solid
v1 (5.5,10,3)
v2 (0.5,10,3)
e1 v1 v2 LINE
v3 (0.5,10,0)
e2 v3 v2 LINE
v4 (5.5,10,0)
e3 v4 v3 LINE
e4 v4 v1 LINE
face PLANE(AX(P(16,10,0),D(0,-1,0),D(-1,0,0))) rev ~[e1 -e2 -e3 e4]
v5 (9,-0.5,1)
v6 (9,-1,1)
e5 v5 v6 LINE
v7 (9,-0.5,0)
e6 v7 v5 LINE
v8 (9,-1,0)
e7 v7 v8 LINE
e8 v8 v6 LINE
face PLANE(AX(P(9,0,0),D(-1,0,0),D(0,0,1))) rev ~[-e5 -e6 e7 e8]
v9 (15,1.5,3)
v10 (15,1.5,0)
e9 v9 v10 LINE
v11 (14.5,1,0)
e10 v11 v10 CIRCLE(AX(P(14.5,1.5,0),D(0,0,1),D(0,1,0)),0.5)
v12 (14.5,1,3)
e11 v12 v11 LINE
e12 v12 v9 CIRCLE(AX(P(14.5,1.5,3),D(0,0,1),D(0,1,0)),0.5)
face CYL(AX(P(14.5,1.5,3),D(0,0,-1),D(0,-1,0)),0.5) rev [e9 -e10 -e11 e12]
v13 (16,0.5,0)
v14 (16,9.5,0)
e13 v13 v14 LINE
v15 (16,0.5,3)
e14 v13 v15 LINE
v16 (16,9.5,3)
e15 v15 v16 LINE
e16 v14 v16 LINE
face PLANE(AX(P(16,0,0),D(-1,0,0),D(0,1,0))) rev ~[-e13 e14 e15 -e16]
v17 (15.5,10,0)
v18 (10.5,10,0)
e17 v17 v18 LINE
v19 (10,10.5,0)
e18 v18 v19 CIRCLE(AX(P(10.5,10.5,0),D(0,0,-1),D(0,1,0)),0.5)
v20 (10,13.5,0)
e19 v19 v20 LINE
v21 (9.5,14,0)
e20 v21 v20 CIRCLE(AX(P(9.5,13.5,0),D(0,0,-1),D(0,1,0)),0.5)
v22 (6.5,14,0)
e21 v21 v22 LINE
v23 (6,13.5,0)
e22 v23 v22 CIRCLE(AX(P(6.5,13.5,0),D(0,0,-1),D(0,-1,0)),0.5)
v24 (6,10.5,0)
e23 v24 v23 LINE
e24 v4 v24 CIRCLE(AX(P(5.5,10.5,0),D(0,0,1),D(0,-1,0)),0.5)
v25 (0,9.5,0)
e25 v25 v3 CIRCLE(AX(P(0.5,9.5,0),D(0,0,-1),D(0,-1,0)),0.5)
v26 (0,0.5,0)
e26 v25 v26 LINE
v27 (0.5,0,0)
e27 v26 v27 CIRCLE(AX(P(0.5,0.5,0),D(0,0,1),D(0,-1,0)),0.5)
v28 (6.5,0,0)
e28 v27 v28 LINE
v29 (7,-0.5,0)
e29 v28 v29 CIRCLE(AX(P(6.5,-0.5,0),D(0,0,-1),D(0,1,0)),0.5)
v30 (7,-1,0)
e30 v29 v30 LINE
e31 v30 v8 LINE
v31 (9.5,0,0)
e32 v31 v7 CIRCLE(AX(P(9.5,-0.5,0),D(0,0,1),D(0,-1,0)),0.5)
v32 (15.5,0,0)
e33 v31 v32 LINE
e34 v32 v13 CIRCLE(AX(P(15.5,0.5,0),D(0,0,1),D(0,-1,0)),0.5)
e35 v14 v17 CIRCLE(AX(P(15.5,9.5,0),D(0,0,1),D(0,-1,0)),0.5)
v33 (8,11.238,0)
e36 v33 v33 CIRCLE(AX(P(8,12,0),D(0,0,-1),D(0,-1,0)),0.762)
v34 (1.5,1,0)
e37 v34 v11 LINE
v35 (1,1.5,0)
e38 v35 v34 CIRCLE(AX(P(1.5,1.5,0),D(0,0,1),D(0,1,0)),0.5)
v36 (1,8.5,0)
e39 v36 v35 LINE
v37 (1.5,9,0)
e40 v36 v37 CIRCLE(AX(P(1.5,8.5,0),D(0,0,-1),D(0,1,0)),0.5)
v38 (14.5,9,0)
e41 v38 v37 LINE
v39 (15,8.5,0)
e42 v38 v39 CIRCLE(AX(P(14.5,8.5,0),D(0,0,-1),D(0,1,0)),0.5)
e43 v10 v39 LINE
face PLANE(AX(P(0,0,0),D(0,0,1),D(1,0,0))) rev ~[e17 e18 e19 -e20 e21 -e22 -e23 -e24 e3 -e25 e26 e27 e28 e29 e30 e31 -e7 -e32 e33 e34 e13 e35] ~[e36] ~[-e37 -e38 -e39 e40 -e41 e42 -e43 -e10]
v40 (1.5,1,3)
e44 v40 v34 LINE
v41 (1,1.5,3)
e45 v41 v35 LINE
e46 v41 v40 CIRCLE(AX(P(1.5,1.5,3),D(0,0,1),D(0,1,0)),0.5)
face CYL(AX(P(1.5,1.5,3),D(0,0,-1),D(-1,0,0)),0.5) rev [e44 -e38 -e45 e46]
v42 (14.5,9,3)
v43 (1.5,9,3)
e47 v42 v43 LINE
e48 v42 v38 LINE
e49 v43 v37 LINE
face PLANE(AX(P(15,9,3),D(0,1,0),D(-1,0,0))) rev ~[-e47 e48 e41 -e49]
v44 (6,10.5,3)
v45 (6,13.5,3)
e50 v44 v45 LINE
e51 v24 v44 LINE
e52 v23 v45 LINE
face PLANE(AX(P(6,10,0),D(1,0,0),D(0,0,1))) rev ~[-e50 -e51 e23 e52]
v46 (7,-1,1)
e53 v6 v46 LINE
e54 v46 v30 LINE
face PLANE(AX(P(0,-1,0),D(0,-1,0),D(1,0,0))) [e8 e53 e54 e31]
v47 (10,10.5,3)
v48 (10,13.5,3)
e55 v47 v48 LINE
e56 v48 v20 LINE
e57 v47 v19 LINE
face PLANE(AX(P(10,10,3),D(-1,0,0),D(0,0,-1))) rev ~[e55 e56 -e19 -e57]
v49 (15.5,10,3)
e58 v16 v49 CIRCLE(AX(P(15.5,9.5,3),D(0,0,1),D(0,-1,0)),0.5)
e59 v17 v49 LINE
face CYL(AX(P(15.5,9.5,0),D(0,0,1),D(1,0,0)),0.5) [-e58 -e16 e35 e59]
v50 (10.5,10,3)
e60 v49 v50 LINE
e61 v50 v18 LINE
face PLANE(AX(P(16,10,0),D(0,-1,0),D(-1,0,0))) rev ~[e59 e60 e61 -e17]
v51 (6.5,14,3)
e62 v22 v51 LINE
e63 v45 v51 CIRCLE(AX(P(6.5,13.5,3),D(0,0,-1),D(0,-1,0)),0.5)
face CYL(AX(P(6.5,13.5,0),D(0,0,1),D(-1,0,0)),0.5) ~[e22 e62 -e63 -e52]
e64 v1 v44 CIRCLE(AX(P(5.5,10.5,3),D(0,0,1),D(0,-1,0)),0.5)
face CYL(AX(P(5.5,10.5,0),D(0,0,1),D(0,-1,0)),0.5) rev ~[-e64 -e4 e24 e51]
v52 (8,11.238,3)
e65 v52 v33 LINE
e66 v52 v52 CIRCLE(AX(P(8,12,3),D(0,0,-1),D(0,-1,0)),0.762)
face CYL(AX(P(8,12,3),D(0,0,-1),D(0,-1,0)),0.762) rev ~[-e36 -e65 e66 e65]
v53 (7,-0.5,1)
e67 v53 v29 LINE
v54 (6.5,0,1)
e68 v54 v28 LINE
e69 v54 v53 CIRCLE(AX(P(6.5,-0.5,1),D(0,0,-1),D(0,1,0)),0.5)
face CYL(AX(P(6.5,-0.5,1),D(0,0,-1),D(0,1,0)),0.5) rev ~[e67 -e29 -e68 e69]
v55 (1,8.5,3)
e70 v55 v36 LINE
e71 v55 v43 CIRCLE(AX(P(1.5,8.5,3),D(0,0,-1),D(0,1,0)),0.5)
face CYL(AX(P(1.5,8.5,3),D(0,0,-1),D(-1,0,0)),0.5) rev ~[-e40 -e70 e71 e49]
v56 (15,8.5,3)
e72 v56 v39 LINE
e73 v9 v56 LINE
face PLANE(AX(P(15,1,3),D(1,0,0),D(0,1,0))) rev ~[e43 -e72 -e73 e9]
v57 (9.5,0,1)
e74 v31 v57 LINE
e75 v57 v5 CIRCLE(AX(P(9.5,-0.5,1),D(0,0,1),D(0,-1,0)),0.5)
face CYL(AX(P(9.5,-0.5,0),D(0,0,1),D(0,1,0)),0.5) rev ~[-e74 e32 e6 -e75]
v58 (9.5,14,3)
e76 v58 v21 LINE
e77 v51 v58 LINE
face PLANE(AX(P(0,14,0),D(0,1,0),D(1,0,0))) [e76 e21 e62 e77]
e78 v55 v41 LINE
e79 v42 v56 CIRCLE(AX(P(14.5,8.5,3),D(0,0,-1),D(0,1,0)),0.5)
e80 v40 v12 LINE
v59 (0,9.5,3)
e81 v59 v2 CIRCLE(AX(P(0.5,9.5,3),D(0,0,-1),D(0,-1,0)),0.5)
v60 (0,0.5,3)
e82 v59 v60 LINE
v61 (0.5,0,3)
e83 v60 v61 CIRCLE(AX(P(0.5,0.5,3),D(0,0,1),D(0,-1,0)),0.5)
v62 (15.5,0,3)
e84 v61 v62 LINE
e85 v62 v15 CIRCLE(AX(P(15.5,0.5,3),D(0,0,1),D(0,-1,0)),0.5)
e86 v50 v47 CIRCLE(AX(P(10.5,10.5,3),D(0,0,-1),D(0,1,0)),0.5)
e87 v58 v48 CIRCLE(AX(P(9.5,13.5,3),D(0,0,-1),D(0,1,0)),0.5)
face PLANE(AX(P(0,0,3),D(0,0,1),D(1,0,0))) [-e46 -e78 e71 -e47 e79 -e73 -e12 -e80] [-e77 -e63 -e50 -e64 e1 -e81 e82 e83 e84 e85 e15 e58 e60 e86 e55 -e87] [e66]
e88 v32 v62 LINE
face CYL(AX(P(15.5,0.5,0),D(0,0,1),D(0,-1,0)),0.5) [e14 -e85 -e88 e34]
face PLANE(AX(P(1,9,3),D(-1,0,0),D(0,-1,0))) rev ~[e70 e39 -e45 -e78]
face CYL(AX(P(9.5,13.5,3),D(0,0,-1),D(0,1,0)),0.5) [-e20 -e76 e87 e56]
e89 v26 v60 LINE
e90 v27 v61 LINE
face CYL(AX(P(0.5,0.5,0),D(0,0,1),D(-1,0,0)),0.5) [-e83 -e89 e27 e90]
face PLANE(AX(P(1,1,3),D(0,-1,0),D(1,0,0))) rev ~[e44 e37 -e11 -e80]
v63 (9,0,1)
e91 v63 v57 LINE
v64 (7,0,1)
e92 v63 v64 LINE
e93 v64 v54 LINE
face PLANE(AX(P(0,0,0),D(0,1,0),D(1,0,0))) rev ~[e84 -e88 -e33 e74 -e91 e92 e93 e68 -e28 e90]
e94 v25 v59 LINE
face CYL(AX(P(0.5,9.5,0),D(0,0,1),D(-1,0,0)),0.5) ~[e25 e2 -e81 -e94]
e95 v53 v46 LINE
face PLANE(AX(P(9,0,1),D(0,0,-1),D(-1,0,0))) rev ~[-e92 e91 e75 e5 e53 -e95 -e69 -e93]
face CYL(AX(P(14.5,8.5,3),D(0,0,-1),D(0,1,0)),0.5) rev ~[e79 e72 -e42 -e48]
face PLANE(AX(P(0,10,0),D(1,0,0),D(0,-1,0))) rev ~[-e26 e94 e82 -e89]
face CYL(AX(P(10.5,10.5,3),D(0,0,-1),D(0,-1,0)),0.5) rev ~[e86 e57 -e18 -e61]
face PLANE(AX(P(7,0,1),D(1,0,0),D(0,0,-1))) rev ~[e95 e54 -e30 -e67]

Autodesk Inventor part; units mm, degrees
ref_plane "YZ Plane" through (0, 0, 0) normal (1, 0, 0) x (0, 1, 0)
ref_plane "XZ Plane" through (0, 0, 0) normal (0, 1, 0) x (-1, 0, 0)
ref_plane "XY Plane" through (0, 0, 0) normal (0, 0, 1) x (1, 0, 0)
sketch "Sketch1" plane through (0, 0, 0) normal (0, 0, 1) x (1, 0, 0)
  line L0 (0, 0) -> (16, 0)
  line L1 (16, 0) -> (16, 10)
  line L2 (16, 10) -> (0, 10)
  line L3 (0, 10) -> (0, 0)
  dimension "d0" = 16
  dimension "d1" = 10
extrude "Extrusion1" add sketch "Sketch1" along normal blind 3
sketch "Sketch2" plane through (0, 0, 3) normal (0, 0, 1) x (1, 0, 0)
  line L0 (1, 1) -> (15, 1)
  line L1 (15, 1) -> (15, 9)
  line L2 (15, 9) -> (1, 9)
  line L3 (1, 9) -> (1, 1)
  dimension "d4" = 14
  dimension "d5" = 8
extrude "Extrusion2" cut sketch "Sketch2" against normal through all
sketch "Sketch3" plane through (0, 10, 0) normal (0, 1, 0) x (1, 0, 0)
  line L0 (0, -3) -> (16, -3) projected
  line L1 (16, 0) -> (0, 0) projected
  line L2 (0, 0) -> (0, -3) projected
  line L3 (6, -3) -> (10, -3)
  line L4 (10, -3) -> (10, 0)
  line L5 (10, 0) -> (6, 0)
  line L6 (6, 0) -> (6, -3)
  dimension "d13" = 4
  dimension "d14" = 6
extrude "Extrusion3" add sketch "Sketch3" along normal blind 4 contours L6 L1 L4 L0
sketch "Sketch6" plane through (0, 0, 3) normal (0, 0, 1) x (1, 0, 0)
  point P0 (8, 12)
hole "Hole1" at (8, 12, 3) direction (0, 0, -1) diameter 1.524 end through all
thread "Thread1" size "0-80 UNF" class "2B" standard "ANSI Unified Screw Threads" full length
sketch "Sketch7" plane through (0, 0, 0) normal (0, -1, 0) x (1, 0, 0)
  line L0 (0, 0) -> (0, 3) projected
  line L1 (0, 0) -> (16, 0) projected
  line L2 (7, 0) -> (9, 0)
  line L3 (9, 0) -> (9, 1)
  line L4 (9, 1) -> (7, 1)
  line L5 (7, 1) -> (7, 0)
  dimension "d29" = 2
  dimension "d30" = 1
  dimension "d31" = 7
extrude "Extrusion5" add sketch "Sketch7" along normal blind 1
fillet "Fillet2" radius 0.5 14 edges at (1, 9, 1.5) (15, 9, 1.5) (15, 1, 1.5) (1, 1, 1.5) (10, 10, 1.5) (6, 10, 1.5) (6, 14, 1.5) (10, 14, 1.5) (16, 10, 1.5) (16, 0, 1.5) (0, 0, 1.5) (0, 10, 1.5) (7, 0, 0.5) (9, 0, 0.5)
properties part number "base"
